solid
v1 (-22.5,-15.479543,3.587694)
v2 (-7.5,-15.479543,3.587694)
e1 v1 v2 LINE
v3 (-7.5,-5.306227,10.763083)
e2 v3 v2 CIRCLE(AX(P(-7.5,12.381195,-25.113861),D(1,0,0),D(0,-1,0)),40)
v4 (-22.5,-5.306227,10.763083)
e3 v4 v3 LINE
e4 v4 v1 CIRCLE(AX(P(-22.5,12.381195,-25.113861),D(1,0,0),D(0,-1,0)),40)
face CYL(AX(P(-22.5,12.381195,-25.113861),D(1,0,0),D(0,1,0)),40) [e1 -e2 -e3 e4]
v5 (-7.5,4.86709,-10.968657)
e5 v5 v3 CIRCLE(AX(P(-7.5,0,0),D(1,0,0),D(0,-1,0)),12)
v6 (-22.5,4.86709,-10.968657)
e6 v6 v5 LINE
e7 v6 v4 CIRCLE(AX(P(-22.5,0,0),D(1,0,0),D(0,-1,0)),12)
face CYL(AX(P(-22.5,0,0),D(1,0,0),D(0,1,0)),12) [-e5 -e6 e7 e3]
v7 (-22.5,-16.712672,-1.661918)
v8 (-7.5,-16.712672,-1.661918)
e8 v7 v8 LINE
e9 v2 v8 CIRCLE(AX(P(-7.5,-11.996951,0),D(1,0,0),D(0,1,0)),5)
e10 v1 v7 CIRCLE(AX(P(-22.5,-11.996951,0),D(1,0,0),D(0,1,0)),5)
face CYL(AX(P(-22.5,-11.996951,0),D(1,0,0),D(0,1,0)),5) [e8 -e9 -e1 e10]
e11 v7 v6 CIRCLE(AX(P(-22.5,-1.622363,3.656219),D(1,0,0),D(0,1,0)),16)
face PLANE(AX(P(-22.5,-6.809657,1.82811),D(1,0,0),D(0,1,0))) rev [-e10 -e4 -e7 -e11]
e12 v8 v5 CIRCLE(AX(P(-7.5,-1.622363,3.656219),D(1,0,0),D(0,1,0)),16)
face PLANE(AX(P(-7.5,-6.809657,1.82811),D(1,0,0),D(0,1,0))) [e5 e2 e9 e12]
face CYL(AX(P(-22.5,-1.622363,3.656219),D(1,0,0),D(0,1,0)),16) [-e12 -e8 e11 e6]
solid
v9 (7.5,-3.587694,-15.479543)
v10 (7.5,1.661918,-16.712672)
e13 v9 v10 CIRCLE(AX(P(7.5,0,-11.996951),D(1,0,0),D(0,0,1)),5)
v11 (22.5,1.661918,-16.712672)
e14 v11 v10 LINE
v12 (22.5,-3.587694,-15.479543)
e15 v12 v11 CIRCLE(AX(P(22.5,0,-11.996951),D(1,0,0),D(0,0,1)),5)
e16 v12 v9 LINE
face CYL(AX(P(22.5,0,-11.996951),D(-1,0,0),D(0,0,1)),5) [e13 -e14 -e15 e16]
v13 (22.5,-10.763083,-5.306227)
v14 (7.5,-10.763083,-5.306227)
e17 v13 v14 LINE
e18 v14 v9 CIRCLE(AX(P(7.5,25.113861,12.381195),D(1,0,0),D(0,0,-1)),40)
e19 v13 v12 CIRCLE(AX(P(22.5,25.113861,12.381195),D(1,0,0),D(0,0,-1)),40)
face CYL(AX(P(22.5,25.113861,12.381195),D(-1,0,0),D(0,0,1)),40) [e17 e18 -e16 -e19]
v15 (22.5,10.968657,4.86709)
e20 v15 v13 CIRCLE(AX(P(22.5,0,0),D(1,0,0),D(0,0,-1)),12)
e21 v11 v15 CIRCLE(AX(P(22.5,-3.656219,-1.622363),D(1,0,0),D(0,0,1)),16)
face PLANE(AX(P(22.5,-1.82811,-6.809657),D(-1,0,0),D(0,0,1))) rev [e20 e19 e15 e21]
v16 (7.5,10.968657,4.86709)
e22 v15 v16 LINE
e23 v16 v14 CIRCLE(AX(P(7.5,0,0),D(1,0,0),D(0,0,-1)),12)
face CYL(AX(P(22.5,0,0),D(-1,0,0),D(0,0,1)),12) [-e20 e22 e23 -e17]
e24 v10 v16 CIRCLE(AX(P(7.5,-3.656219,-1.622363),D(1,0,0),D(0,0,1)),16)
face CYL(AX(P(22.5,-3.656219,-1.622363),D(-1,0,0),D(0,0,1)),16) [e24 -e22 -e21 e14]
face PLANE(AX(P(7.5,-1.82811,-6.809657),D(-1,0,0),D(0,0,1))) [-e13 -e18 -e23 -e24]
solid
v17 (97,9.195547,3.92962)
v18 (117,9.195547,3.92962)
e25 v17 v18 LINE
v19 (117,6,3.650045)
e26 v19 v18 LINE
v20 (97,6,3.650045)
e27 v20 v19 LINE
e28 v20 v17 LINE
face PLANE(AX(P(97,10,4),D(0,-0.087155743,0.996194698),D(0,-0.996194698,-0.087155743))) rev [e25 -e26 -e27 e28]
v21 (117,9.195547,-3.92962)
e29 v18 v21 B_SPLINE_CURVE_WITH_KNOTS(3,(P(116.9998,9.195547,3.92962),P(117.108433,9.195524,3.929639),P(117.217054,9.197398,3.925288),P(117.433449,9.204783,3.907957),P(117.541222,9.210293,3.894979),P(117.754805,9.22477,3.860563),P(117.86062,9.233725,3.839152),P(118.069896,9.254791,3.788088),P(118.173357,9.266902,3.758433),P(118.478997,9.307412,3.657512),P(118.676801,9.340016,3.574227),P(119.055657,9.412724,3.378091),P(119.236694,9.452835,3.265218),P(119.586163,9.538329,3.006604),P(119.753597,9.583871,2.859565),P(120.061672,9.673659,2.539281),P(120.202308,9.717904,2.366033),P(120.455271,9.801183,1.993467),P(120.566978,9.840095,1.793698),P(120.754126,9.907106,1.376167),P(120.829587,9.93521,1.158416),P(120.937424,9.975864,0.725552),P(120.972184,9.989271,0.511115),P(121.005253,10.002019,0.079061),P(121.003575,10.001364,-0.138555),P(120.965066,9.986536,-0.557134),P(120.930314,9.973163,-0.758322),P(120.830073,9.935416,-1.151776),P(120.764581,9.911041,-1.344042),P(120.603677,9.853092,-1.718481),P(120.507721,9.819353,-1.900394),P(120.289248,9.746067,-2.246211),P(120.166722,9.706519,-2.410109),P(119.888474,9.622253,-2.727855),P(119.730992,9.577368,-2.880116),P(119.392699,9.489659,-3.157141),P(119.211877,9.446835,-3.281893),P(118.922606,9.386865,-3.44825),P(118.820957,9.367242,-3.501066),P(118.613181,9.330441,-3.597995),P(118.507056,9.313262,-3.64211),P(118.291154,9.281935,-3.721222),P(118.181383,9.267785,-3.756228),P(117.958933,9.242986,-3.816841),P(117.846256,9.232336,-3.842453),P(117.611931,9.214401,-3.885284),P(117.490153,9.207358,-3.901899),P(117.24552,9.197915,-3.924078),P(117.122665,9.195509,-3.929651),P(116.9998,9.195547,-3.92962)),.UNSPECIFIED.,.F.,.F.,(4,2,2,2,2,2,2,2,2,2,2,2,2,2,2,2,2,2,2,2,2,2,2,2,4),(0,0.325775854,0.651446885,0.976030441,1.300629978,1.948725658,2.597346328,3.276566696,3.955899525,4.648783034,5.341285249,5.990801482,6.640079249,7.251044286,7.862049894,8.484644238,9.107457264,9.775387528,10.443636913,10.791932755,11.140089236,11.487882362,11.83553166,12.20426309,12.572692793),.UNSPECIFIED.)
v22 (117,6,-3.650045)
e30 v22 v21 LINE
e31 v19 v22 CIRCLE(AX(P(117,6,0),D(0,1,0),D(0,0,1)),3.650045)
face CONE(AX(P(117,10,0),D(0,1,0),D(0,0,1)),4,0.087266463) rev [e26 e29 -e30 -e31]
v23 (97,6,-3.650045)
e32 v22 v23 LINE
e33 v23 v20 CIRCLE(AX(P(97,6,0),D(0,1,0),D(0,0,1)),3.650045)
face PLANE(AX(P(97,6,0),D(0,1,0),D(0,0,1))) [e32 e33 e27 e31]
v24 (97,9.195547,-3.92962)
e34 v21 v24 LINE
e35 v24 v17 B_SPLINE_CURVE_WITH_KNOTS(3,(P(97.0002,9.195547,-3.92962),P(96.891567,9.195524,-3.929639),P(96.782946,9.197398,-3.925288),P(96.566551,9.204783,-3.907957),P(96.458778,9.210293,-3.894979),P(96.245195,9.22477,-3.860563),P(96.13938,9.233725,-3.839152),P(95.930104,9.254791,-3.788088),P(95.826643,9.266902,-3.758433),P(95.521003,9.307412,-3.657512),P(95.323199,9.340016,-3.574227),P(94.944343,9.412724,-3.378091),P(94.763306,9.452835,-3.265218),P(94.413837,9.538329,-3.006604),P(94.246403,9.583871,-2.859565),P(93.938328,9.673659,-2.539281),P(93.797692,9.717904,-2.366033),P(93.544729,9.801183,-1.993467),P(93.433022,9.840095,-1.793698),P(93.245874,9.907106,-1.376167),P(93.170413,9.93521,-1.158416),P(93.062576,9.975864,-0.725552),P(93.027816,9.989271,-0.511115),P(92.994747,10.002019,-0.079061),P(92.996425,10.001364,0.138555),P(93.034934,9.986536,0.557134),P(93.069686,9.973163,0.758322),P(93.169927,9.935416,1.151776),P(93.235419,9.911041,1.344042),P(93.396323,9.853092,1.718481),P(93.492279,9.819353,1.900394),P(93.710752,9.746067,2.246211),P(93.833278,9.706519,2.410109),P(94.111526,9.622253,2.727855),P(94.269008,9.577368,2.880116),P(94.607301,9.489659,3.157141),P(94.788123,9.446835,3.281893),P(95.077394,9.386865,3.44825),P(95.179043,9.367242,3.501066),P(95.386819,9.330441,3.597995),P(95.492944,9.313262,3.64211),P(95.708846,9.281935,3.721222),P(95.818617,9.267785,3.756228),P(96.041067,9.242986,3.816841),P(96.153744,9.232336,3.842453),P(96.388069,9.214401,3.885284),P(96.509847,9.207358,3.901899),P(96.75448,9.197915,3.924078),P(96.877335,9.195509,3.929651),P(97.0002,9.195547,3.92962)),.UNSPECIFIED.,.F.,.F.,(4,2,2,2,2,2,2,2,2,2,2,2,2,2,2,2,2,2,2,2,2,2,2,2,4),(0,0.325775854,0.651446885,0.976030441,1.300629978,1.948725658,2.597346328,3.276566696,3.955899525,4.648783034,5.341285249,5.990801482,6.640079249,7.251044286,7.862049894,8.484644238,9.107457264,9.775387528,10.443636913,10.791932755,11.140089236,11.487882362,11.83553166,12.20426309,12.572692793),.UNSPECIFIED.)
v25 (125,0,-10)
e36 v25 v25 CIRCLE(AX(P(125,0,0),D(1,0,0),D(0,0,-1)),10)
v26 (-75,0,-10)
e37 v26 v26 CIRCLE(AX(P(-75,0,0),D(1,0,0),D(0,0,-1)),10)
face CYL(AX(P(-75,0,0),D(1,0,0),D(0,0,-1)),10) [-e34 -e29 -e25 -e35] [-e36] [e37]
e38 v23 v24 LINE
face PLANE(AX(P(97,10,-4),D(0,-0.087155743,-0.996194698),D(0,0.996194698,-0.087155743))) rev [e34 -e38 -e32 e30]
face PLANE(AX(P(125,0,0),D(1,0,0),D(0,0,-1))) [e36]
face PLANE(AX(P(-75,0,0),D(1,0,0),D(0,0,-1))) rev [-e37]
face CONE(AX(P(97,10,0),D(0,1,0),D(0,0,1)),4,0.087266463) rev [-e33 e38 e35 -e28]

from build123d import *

# Parameters (mm, degrees)
SKETCH1_R                = 10
BOSS_EXTRUDE1_DEPTH      = 125
BOSS_EXTRUDE1_DEPTH_BACK = 75
BOSS_EXTRUDE2_START      = 15
BOSS_EXTRUDE2_DEPTH      = 7.5
BODY_MOVE_COPY1_ANGLE    = 90
CUT_EXTRUDE1_START       = 10
CUT_EXTRUDE1_DEPTH       = 4
CUT_EXTRUDE1_TAPER       = 5


with BuildPart() as part:
    # Sketch1 → Boss-Extrude1 (new body, two sides)
    with BuildSketch(Plane(origin=(0, 0, 0), x_dir=(0, 0, -1), z_dir=(1, 0, 0))) as boss_extrude1_sk:
        Circle(SKETCH1_R)
    extrude(amount=BOSS_EXTRUDE1_DEPTH)
    extrude(boss_extrude1_sk.sketch, amount=-BOSS_EXTRUDE1_DEPTH_BACK)

    # Sketch3 → Cut-Extrude1 (cut)
    with BuildSketch(Plane(origin=(0, 0, 0), x_dir=(1, 0, 0), z_dir=(0, 1, 0)).offset(CUT_EXTRUDE1_START)):
        with BuildLine():
            ThreePointArc((97, 4), (93, 0), (97, -4))
            Line((97, -4), (117, -4))
            ThreePointArc((117, -4), (121, 0), (117, 4))
            Line((117, 4), (97, 4))
        make_face()
    extrude(amount=-CUT_EXTRUDE1_DEPTH, taper=CUT_EXTRUDE1_TAPER, mode=Mode.SUBTRACT)


with BuildPart() as body_2:
    # Sketch2 → Boss-Extrude2 (new body, symmetric)
    with BuildSketch(Plane(origin=(0, 0, 0), x_dir=(0, 0, -1), z_dir=(1, 0, 0)).offset(BOSS_EXTRUDE2_START)):
        with BuildLine():
            ThreePointArc((-4.867089568, 10.968657125), (-10.868088345, -5.087696504), (5.306226617, -10.763083159))
            ThreePointArc((5.306226617, -10.763083159), (10.673744978, -7.573594418), (15.479542802, -3.587694386))
            ThreePointArc((15.479542802, -3.587694386), (16.864464688, -1.143374761), (16.712672037, 1.661917746))
            ThreePointArc((16.712672037, 1.661917746), (7.958571112, 11.035699457), (-4.867089568, 10.968657125))
        make_face()
    extrude(amount=BOSS_EXTRUDE2_DEPTH, both=True)


with BuildPart() as body_3:
    # Mirror1: mirrored copy
    add(body_2.part.mirror(Plane(origin=(0, 0, 0), x_dir=(0, 0, 1), z_dir=(1, 0, 0))))


with BuildPart() as body_3_1:
    # Body-Move/Copy1: moved
    add(body_3.part.rotate(Axis((0, 0, 0), (-1, 0, 0)), BODY_MOVE_COPY1_ANGLE))


solid = Compound([part.part, body_2.part, body_3_1.part])
